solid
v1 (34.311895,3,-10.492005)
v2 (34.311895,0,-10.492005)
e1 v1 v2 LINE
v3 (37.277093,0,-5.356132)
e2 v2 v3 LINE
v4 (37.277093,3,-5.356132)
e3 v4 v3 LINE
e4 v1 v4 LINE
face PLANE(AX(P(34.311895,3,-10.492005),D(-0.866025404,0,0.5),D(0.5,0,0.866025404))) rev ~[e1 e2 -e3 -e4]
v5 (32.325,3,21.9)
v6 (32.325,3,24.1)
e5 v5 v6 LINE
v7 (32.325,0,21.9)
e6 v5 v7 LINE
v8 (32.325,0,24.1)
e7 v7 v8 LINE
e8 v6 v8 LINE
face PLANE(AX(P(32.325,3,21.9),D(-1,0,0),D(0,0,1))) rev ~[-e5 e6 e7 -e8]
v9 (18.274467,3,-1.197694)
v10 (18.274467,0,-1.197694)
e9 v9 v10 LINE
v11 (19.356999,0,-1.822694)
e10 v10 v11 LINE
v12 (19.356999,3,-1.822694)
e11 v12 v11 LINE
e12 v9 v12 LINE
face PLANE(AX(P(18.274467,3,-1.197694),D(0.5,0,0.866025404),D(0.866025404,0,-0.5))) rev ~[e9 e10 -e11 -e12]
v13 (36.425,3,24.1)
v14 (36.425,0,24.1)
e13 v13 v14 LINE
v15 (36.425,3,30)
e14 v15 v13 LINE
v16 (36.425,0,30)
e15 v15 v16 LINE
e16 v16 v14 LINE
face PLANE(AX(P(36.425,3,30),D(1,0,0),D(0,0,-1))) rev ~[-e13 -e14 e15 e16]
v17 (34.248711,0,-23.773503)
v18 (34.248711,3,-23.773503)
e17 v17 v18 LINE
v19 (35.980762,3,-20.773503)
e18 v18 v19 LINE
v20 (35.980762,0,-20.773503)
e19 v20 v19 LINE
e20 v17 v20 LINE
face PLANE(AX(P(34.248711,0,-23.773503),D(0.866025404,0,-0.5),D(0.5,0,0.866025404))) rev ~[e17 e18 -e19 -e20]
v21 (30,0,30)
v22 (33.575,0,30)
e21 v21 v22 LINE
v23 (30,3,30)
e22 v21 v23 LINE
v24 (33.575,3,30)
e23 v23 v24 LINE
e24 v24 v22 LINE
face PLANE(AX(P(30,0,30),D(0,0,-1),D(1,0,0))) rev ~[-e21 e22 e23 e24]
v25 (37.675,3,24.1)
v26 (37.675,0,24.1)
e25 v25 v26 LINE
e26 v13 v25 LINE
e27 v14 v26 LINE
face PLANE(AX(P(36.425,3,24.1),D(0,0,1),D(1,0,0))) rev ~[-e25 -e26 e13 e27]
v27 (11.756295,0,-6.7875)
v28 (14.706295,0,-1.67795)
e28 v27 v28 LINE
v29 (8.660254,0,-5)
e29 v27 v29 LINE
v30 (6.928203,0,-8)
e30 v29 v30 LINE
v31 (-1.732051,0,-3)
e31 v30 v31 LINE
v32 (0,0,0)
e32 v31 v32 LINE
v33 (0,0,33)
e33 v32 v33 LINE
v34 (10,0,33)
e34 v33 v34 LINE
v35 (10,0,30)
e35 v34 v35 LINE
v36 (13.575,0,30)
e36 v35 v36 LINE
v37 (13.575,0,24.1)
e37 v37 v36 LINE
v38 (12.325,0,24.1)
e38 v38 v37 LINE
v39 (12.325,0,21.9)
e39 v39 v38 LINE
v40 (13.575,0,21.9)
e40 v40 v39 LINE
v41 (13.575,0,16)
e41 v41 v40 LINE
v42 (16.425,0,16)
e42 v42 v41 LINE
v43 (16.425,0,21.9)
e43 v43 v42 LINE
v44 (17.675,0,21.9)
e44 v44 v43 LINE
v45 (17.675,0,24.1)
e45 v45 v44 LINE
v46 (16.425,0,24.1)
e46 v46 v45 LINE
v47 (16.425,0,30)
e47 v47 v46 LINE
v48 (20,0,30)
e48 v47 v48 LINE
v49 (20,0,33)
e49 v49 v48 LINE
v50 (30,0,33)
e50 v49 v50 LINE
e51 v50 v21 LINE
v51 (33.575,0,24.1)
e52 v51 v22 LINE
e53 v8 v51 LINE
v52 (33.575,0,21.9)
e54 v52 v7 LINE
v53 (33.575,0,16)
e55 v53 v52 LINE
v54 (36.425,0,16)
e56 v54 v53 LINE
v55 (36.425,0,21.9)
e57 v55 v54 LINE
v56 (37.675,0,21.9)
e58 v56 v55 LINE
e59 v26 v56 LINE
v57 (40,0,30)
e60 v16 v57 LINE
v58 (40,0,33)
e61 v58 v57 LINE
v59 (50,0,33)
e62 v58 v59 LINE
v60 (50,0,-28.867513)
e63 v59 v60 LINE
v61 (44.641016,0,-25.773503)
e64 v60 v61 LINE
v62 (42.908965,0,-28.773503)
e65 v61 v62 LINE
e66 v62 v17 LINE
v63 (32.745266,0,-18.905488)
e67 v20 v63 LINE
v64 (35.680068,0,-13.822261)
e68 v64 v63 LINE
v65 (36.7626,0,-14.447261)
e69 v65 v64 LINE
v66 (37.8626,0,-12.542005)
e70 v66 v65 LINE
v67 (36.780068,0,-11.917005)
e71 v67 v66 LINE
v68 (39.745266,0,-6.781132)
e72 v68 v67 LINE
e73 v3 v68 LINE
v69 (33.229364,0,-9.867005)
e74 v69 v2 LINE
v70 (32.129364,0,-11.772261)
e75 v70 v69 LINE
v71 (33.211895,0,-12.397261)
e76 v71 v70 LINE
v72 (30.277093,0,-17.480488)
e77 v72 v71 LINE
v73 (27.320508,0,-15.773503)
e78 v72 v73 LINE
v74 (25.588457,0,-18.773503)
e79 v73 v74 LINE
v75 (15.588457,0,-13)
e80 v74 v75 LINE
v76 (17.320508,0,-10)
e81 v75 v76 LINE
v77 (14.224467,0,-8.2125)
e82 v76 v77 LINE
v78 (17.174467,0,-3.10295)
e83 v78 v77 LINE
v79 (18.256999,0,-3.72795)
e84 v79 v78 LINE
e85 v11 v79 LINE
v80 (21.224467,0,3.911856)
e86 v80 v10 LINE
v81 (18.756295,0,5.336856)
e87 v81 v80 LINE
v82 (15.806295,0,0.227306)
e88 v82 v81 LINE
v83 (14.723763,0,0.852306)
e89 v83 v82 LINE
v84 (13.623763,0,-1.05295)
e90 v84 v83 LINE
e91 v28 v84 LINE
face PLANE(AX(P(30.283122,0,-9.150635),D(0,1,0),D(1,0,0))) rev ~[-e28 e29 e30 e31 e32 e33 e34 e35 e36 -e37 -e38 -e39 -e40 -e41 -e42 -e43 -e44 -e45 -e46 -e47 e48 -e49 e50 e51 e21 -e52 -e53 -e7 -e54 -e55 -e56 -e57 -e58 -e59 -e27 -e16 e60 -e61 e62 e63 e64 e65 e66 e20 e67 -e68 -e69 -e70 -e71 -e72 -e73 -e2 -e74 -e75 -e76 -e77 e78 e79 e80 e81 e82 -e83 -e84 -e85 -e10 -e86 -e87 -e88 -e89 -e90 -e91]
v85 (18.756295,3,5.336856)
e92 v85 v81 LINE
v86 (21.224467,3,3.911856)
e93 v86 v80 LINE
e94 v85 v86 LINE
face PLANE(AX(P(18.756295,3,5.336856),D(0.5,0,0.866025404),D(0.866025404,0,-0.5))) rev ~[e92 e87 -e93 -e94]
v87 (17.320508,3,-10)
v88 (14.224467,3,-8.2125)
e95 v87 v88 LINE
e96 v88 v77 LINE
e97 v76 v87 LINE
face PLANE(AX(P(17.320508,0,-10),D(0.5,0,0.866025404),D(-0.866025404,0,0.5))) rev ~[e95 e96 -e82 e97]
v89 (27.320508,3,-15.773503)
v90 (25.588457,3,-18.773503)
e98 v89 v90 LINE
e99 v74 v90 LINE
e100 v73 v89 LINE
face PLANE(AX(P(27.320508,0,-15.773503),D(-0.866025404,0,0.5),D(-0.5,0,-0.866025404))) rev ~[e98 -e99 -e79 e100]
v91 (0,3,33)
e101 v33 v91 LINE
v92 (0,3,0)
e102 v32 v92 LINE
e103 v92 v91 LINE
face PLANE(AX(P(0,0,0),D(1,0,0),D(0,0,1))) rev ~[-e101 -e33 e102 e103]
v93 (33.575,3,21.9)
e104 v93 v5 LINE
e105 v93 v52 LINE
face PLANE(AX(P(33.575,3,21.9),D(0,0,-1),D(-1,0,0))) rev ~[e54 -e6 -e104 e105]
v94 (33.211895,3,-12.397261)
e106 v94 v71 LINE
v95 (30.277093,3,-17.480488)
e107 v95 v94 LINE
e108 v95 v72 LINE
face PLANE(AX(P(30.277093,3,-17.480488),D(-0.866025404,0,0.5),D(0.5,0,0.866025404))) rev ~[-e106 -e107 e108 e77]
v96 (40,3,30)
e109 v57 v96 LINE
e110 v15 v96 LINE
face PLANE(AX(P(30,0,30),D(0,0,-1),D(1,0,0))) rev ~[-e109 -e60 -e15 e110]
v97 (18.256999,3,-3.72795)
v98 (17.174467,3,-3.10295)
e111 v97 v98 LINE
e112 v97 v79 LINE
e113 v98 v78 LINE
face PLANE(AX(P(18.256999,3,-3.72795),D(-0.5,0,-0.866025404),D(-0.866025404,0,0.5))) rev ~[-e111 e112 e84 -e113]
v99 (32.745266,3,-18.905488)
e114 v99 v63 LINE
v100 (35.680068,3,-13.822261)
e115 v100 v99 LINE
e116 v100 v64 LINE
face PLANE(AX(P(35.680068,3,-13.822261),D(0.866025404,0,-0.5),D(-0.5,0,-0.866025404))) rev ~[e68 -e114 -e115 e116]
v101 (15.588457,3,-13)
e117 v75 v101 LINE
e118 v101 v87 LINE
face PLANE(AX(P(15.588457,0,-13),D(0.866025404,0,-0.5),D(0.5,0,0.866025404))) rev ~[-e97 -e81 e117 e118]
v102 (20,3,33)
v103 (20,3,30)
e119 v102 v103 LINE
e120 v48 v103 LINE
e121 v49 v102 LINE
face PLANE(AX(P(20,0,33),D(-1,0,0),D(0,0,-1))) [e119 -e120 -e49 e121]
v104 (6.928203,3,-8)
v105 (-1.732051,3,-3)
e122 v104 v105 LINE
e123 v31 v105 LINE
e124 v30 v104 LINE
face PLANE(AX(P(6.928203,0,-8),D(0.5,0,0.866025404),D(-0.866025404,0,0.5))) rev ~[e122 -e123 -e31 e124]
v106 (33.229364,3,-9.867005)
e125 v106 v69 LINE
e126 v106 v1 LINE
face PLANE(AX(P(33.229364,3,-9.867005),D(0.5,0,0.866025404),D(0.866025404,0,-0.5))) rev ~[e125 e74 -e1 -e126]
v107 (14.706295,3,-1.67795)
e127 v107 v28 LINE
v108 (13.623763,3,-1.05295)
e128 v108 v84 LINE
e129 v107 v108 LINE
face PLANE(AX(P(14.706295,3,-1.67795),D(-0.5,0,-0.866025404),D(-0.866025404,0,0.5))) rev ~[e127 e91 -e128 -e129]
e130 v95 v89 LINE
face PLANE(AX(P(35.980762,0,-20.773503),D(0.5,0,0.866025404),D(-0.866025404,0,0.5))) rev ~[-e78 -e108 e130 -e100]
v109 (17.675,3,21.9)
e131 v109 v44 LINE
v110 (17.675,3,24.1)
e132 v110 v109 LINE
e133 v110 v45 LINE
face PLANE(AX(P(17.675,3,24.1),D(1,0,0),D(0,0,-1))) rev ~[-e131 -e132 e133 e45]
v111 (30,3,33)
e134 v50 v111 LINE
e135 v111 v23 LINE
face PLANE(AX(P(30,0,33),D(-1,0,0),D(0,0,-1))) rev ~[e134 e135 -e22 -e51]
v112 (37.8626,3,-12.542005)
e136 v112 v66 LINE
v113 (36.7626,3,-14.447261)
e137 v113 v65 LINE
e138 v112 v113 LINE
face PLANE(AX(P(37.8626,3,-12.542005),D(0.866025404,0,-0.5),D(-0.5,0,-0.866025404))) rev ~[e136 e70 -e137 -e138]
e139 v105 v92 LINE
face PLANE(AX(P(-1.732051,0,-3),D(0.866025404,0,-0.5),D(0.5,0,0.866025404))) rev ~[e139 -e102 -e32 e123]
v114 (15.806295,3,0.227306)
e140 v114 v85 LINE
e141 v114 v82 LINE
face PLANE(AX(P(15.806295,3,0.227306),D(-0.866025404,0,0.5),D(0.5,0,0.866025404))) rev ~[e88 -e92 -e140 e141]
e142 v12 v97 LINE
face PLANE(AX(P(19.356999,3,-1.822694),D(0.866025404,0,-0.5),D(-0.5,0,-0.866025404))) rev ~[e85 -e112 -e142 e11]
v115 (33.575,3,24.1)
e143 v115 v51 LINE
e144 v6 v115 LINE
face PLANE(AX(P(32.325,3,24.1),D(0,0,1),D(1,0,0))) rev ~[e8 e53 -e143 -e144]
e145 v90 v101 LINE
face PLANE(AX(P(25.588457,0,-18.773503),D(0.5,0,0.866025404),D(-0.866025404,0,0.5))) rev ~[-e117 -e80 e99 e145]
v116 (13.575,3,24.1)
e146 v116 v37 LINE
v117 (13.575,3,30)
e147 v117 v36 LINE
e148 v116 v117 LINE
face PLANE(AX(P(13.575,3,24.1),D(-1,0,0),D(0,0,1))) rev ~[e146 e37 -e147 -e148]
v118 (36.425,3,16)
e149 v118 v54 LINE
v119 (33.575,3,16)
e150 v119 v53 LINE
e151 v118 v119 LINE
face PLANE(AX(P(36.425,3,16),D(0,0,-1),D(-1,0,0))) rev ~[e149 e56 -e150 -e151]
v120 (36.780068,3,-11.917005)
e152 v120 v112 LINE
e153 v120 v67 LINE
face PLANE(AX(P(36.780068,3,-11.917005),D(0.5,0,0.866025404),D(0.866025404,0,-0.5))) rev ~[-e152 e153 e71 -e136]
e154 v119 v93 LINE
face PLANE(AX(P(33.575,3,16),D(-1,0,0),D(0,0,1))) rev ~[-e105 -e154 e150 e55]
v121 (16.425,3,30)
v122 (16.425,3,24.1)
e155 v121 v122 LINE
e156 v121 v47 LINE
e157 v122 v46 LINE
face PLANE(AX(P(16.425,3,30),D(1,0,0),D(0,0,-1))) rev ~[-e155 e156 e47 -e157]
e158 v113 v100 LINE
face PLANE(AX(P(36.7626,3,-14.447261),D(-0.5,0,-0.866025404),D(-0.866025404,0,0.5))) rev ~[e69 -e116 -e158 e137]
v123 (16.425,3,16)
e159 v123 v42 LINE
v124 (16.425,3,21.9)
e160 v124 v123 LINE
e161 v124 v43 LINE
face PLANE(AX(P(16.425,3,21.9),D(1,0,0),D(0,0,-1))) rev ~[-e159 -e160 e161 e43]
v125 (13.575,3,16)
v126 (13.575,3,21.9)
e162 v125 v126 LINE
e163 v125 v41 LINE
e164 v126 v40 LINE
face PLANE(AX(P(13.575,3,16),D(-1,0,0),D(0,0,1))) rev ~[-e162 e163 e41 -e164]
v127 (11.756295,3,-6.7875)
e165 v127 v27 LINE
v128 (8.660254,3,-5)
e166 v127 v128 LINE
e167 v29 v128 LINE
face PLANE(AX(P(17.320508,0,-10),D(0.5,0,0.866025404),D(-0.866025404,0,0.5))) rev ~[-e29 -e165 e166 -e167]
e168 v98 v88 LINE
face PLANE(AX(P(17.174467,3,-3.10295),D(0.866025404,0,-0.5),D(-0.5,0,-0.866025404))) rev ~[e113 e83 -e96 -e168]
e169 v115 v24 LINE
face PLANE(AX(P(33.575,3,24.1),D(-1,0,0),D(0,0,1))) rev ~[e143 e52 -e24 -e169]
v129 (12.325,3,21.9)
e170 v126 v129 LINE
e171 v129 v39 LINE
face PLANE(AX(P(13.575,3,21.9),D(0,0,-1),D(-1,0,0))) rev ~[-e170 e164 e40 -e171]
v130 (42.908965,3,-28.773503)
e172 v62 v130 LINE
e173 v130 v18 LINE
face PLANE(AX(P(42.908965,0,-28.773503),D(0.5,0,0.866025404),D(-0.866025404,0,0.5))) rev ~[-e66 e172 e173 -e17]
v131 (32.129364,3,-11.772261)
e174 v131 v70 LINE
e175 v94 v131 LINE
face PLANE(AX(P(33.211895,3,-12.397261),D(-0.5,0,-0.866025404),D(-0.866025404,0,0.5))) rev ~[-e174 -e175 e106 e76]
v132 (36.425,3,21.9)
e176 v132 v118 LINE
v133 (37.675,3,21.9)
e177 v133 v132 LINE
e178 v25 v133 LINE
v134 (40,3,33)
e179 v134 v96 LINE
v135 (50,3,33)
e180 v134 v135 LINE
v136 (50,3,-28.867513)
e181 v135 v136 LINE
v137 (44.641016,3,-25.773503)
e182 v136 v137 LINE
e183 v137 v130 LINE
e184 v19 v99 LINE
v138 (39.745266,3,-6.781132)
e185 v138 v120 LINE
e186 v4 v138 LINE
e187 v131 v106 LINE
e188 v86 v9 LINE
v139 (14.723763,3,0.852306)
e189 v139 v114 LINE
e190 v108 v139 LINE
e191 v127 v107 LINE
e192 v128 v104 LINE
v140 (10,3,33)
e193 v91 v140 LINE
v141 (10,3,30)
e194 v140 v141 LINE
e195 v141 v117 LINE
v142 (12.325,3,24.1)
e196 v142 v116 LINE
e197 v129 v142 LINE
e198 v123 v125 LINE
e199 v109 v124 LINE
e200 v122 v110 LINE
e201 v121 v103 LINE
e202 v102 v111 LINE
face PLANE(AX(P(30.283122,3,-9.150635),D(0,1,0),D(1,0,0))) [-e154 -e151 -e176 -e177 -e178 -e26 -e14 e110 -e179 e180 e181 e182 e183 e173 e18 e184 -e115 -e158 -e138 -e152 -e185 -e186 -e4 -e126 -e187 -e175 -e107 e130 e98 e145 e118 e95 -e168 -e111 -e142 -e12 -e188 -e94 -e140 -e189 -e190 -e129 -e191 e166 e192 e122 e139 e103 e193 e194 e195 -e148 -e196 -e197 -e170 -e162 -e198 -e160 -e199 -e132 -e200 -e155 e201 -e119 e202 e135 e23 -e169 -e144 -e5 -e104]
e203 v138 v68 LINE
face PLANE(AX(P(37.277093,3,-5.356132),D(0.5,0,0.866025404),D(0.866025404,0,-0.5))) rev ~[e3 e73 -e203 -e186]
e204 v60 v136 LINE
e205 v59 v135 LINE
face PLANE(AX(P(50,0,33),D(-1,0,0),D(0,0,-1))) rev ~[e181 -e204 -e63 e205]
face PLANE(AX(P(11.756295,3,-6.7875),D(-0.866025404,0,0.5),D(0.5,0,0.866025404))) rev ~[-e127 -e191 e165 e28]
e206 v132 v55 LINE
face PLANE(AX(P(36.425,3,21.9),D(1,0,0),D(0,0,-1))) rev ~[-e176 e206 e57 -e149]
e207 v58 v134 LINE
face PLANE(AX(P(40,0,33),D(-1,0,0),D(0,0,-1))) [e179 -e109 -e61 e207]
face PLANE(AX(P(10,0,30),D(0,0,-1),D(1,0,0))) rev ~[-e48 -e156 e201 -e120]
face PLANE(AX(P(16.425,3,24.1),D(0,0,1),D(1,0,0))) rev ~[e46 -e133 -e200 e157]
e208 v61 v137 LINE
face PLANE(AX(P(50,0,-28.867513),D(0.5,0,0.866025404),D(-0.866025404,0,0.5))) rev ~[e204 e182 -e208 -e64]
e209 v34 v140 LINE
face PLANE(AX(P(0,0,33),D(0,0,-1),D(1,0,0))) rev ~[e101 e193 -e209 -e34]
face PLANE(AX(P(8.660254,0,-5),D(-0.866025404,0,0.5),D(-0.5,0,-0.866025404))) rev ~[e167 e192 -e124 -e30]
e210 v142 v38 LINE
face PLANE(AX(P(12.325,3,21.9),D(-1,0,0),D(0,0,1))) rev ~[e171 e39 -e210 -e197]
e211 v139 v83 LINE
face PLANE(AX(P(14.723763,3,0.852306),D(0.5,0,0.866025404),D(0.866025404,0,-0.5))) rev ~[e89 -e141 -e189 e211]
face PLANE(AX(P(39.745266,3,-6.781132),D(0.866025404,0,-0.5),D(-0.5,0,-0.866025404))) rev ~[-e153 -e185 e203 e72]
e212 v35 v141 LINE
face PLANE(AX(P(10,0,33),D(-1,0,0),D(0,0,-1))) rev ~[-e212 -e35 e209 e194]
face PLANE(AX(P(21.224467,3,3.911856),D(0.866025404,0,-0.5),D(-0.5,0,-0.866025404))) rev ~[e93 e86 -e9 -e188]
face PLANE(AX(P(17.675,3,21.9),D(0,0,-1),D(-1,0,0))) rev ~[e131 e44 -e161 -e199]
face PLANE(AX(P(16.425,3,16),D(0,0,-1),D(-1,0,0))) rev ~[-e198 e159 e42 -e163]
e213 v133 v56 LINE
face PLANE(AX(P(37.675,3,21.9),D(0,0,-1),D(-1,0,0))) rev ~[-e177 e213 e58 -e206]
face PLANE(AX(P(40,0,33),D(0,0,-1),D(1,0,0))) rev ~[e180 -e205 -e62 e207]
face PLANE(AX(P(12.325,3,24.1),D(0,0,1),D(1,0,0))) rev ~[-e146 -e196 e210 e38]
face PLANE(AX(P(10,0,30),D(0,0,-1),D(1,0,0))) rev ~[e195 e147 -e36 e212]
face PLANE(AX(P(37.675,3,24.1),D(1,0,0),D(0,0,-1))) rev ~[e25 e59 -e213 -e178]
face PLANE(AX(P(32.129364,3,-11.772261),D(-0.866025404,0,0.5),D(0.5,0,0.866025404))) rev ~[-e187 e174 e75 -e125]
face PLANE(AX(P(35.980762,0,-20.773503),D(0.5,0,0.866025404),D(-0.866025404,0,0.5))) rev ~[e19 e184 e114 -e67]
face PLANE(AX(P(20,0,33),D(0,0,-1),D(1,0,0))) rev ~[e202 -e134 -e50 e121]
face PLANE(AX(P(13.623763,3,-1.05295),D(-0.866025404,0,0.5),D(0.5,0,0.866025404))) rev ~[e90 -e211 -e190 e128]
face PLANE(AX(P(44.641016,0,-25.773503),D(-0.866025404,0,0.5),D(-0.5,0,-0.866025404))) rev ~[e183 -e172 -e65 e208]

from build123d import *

# Parameters (mm, degrees)
SKETCH1_W           = 50
SKETCH1_H           = 30
SKETCH1_W_2         = 10
SKETCH1_H_2         = 3
BOSS_EXTRUDE1_DEPTH = 3
CUT_EXTRUDE1_DEPTH  = 60.983331018


with BuildPart() as part:
    # Sketch1 → Boss-Extrude1 (new body)
    with BuildSketch(Plane(origin=(0, 0, 0), x_dir=(1, 0, 0), z_dir=(0, 1, 0))):
        Polygon((50, 0), (50, 28.867513459), (0, 0), align=None)
        Polygon((-1.732050808, 3), (0, 0), (8.660254038, 5), (6.92820323, 8), align=None)
        with Locations((25, -15)):
            Rectangle(SKETCH1_W, SKETCH1_H)
        with Locations((5, -31.5)):
            Rectangle(SKETCH1_W_2, SKETCH1_H_2)
        with Locations((25, -31.5)):
            Rectangle(SKETCH1_W_2, SKETCH1_H_2)
        with Locations((45, -31.5)):
            Rectangle(SKETCH1_W_2, SKETCH1_H_2)
        Polygon((15.588457268, 13), (17.320508076, 10), (27.320508076, 15.773502692), (25.588457268, 18.773502692), align=None)
        Polygon((35.980762114, 20.773502692), (44.641016151, 25.773502692), (42.908965344, 28.773502692), (34.248711306, 23.773502692), align=None)
    extrude(amount=BOSS_EXTRUDE1_DEPTH)

    # Sketch2 → Cut-Extrude1 (cut, through all)
    with BuildSketch(Plane(origin=(0, 3, 0), x_dir=(1, 0, 0), z_dir=(0, 1, 0))):
        Polygon((14.224467257, 8.2125), (11.756294856, 6.7875), (14.706294856, 1.677950118), (13.623763102, 1.052950118), (14.723763102, -0.852305771), (15.806294856, -0.227305771), (18.756294856, -5.336855653), (21.224467257, -3.911855653), (18.274467257, 1.197694229), (19.356999012, 1.822694229), (18.256999012, 3.727950118), (17.174467257, 3.102950118), align=None)
        Polygon((32.745265622, 18.905487922), (30.277093221, 17.480487922), (33.211895488, 12.397261285), (32.129363734, 11.772261285), (33.229363734, 9.867005396), (34.311895488, 10.492005396), (37.277093221, 5.356132269), (39.745265622, 6.781132269), (36.780067889, 11.917005396), (37.862599644, 12.542005396), (36.762599644, 14.447261285), (35.680067889, 13.822261285), align=None)
        Polygon((36.425, -16), (33.575, -16), (33.575, -21.9), (32.325, -21.9), (32.325, -24.1), (33.575, -24.1), (33.575, -30), (36.425, -30), (36.425, -24.1), (37.675, -24.1), (37.675, -21.9), (36.425, -21.9), align=None)
        Polygon((16.425, -16), (13.575, -16), (13.575, -21.9), (12.325, -21.9), (12.325, -24.1), (13.575, -24.1), (13.575, -30), (16.425, -30), (16.425, -24.1), (17.675, -24.1), (17.675, -21.9), (16.425, -21.9), align=None)
    extrude(amount=-CUT_EXTRUDE1_DEPTH, mode=Mode.SUBTRACT)


solid = part.part
